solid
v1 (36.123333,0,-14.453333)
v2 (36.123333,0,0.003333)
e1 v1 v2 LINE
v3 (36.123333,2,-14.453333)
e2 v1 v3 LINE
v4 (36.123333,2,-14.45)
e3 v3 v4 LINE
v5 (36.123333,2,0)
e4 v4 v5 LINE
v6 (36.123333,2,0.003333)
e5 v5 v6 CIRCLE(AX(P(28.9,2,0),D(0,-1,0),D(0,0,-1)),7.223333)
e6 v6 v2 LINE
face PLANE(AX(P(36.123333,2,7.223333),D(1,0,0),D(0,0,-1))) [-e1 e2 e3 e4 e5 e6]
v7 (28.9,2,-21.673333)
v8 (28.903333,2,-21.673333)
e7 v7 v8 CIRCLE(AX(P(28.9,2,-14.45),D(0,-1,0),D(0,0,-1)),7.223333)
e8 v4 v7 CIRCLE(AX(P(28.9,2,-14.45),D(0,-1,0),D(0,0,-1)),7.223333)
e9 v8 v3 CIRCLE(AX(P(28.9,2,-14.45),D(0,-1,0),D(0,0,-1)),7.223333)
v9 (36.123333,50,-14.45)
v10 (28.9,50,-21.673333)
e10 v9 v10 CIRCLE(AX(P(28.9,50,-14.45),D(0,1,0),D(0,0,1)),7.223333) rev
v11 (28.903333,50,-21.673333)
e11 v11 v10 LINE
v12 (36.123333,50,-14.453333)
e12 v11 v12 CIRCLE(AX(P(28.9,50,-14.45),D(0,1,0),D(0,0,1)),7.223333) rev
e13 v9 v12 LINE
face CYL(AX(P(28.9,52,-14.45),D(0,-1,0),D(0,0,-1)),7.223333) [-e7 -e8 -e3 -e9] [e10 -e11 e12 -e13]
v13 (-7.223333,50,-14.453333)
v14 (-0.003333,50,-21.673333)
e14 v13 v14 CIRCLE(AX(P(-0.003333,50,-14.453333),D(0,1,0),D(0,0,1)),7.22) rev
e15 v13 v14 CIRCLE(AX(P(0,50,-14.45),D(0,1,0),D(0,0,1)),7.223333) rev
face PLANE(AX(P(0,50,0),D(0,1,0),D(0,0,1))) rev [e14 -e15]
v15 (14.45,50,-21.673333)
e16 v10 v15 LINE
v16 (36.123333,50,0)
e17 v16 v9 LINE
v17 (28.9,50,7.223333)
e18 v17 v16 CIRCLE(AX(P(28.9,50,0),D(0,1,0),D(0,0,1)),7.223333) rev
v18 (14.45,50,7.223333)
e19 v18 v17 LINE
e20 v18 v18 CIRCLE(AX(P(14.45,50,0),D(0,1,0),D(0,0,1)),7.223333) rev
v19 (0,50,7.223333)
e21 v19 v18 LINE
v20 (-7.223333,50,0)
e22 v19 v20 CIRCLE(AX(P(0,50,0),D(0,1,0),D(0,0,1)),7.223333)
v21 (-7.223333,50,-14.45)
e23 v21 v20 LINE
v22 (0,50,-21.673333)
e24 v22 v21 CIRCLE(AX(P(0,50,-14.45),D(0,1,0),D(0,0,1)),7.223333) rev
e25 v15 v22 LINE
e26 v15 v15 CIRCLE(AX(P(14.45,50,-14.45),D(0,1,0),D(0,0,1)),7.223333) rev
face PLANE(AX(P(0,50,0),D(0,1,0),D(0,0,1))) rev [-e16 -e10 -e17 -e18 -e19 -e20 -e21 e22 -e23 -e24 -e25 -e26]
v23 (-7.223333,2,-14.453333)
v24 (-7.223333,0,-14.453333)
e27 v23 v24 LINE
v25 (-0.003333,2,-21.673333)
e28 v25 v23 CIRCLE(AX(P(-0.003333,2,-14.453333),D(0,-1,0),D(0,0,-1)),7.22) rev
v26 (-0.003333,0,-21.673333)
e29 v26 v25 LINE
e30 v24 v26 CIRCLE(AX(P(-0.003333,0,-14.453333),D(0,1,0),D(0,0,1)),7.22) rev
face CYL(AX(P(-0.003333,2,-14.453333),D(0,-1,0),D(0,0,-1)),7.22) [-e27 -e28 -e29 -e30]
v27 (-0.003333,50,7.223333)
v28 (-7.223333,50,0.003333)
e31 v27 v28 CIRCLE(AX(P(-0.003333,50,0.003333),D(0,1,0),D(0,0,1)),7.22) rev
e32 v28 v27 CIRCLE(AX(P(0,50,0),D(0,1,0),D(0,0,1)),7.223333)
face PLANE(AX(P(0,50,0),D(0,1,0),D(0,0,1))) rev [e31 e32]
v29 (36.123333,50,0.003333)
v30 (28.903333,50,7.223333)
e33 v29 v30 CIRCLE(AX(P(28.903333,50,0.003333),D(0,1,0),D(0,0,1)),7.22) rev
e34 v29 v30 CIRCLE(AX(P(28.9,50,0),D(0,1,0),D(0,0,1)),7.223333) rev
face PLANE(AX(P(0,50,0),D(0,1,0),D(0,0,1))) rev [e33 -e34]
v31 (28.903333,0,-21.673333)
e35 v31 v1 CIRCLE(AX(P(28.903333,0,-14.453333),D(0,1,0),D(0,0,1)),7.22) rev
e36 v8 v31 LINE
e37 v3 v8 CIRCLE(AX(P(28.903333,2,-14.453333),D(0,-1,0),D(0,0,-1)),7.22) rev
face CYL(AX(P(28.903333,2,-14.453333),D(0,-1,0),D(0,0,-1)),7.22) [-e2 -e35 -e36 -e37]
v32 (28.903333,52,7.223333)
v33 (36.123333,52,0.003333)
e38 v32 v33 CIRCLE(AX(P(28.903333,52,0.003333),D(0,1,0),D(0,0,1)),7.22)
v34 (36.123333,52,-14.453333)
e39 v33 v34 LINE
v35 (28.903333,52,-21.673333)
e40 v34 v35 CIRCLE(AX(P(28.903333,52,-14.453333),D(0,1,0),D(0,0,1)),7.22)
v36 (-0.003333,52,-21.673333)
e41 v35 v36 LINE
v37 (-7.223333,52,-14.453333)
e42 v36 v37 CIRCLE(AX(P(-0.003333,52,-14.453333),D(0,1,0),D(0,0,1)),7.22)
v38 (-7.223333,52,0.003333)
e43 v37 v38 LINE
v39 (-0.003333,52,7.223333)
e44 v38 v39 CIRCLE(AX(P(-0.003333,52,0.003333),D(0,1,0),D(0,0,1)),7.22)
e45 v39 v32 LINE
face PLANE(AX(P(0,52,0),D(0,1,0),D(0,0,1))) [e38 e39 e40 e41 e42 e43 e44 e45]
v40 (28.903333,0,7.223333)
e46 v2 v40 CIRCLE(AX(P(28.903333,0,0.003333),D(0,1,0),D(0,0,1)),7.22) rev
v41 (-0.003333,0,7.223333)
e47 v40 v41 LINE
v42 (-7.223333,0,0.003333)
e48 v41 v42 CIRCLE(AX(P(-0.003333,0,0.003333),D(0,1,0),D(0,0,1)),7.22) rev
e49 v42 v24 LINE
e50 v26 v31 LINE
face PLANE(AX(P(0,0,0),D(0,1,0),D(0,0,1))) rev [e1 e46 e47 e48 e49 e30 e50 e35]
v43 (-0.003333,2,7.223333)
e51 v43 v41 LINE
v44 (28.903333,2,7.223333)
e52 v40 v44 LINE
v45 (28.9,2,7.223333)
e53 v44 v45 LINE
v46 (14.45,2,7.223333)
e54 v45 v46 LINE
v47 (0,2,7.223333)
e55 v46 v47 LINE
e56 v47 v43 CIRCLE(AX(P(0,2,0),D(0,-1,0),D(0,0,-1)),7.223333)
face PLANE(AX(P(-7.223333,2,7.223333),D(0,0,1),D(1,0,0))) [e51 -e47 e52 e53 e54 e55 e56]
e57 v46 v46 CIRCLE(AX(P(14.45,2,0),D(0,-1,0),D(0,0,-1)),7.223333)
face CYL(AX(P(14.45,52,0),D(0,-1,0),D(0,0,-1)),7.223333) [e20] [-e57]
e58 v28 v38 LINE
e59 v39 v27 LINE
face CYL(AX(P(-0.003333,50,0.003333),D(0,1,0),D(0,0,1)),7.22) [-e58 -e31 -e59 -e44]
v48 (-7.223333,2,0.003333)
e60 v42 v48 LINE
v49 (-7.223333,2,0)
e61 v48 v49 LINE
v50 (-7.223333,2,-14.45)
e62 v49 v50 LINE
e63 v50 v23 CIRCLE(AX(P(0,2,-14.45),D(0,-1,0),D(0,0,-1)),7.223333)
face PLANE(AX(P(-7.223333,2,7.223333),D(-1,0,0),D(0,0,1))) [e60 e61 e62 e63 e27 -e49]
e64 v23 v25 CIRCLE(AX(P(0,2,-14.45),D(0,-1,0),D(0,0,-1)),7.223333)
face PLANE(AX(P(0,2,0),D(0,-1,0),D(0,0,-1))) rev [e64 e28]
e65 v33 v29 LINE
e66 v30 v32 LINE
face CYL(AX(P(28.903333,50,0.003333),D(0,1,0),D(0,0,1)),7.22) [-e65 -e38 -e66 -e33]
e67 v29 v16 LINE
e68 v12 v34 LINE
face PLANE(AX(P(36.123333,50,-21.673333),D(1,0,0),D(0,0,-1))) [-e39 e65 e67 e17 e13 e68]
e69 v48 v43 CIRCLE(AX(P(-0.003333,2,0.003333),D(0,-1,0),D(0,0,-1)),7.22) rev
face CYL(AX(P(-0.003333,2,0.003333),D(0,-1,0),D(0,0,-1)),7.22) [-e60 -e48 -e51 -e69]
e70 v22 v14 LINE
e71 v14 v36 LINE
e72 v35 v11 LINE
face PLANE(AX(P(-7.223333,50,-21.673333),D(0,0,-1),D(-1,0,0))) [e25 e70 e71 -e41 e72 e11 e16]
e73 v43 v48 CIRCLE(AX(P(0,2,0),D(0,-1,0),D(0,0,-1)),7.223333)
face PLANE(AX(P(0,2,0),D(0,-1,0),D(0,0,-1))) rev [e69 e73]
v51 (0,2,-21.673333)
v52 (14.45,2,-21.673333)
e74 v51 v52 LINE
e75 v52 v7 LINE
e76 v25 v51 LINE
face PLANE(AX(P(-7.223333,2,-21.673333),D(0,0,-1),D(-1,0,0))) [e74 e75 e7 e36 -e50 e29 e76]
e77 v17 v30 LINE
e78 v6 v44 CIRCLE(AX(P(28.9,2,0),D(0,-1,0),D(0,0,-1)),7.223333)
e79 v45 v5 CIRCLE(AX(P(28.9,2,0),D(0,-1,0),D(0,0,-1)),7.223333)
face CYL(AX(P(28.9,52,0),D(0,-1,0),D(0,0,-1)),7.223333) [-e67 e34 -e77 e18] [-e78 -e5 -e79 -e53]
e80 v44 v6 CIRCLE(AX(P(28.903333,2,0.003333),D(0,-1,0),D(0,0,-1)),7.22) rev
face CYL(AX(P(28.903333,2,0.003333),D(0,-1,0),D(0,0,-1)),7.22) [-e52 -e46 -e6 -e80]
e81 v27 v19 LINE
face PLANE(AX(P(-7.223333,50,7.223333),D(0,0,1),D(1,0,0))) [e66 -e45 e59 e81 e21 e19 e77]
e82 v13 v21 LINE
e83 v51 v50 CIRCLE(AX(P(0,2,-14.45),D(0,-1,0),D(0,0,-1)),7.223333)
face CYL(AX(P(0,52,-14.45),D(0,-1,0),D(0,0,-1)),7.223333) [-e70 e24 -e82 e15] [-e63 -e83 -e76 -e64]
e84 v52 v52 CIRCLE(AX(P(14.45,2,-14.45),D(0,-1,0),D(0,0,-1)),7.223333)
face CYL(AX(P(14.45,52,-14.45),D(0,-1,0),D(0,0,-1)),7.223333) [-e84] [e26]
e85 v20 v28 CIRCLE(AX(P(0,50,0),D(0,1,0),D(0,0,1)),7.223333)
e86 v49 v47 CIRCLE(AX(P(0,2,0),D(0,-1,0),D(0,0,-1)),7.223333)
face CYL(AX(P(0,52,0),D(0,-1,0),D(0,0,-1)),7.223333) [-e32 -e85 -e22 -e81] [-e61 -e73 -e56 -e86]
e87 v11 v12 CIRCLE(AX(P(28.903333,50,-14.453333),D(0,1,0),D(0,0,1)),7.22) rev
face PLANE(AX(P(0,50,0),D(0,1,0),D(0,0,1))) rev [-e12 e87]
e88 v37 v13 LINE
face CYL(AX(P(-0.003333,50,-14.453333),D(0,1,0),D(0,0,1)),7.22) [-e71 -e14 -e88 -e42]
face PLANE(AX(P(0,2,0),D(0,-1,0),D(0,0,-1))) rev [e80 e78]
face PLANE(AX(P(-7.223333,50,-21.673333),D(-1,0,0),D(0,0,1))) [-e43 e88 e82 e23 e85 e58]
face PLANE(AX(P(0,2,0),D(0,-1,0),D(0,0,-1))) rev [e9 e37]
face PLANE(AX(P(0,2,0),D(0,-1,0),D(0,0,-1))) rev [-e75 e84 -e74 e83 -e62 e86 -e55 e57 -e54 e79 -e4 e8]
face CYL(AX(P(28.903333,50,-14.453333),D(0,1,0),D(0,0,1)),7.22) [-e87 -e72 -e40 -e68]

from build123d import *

# Parameters (mm, degrees)
SKETCH1_R             = 7.223333333
BOSS_EXTRUDE1_DEPTH   = 52
BOSS_EXTRUDE1_2_DEPTH = 52
BOSS_EXTRUDE1_3_DEPTH = 52
BOSS_EXTRUDE1_4_DEPTH = 52
BOSS_EXTRUDE1_5_DEPTH = 52
BOSS_EXTRUDE1_6_DEPTH = 52
SKETCH2_W             = 43.346666666
SKETCH2_H             = 28.896666666
BOSS_EXTRUDE2_DEPTH   = 2
SKETCH3_W             = 43.346666666
SKETCH3_H             = 28.896666666
BOSS_EXTRUDE3_DEPTH   = 2
FILLET1_R             = 7.22


with BuildPart() as part:
    # Sketch1 → Boss-Extrude1 (new body)
    with BuildSketch(Plane(origin=(0, 0, 0), x_dir=(1, 0, 0), z_dir=(0, 1, 0))):
        with Locations(Location((0, 0, 0), (0, 0, 90))):
            Circle(SKETCH1_R)
    extrude(amount=BOSS_EXTRUDE1_DEPTH)



with BuildPart() as body_2:
    # Sketch1 → Boss-Extrude1 2 (new body)
    with BuildSketch(Plane(origin=(0, 0, 0), x_dir=(1, 0, 0), z_dir=(0, 1, 0))):
        with Locations(Location((14.45, 0, 0), (0, 0, 90))):
            Circle(SKETCH1_R)
    extrude(amount=BOSS_EXTRUDE1_2_DEPTH)


with BuildPart() as body_3:
    # Sketch1 → Boss-Extrude1 3 (new body)
    with BuildSketch(Plane(origin=(0, 0, 0), x_dir=(1, 0, 0), z_dir=(0, 1, 0))):
        with Locations(Location((28.9, 0, 0), (0, 0, 90))):
            Circle(SKETCH1_R)
    extrude(amount=BOSS_EXTRUDE1_3_DEPTH)


with BuildPart() as body_4:
    # Sketch1 → Boss-Extrude1 4 (new body)
    with BuildSketch(Plane(origin=(0, 0, 0), x_dir=(1, 0, 0), z_dir=(0, 1, 0))):
        with Locations(Location((14.45, 14.45, 0), (0, 0, 90))):
            Circle(SKETCH1_R)
    extrude(amount=BOSS_EXTRUDE1_4_DEPTH)


with BuildPart() as body_5:
    # Sketch1 → Boss-Extrude1 5 (new body)
    with BuildSketch(Plane(origin=(0, 0, 0), x_dir=(1, 0, 0), z_dir=(0, 1, 0))):
        with Locations(Location((28.9, 14.45, 0), (0, 0, 90))):
            Circle(SKETCH1_R)
    extrude(amount=BOSS_EXTRUDE1_5_DEPTH)


with BuildPart() as body_6:
    # Sketch1 → Boss-Extrude1 6 (new body)
    with BuildSketch(Plane(origin=(0, 0, 0), x_dir=(1, 0, 0), z_dir=(0, 1, 0))):
        with Locations(Location((0, 14.45, 0), (0, 0, 90))):
            Circle(SKETCH1_R)
    extrude(amount=BOSS_EXTRUDE1_6_DEPTH)


with BuildPart() as part_1:
    add(part.part)

    add(body_2.part)  # Boss-Extrude2 merges body 2

    add(body_3.part)  # Boss-Extrude2 merges body 3

    add(body_4.part)  # Boss-Extrude2 merges body 4

    add(body_5.part)  # Boss-Extrude2 merges body 5

    add(body_6.part)  # Boss-Extrude2 merges body 6
    # Sketch2 → Boss-Extrude2 (add)
    with BuildSketch(Plane(origin=(0, 52, 0), x_dir=(1, 0, 0), z_dir=(0, 1, 0))):
        with Locations((14.45, 7.225)):
            Rectangle(SKETCH2_W, SKETCH2_H)
    extrude(amount=-BOSS_EXTRUDE2_DEPTH)

    # Sketch3 → Boss-Extrude3 (add)
    with BuildSketch(Plane.XZ):
        with Locations((14.45, -7.225)):
            Rectangle(SKETCH3_W, SKETCH3_H)
    extrude(amount=-BOSS_EXTRUDE3_DEPTH)

    # Fillet1
    fillet1_edges = [part_1.edges().sort_by_distance(p)[0] for p in [
        (36.123333333, 51, 7.223333333),
        (36.123333333, 1, 7.223333333),
        (-7.223333333, 51, 7.223333333),
        (-7.223333333, 1, 7.223333333),
        (-7.223333333, 51, -21.673333333),
        (36.123333333, 51, -21.673333333),
        (36.123333333, 1, -21.673333333),
        (-7.223333333, 1, -21.673333333),
    ]]
    fillet(fillet1_edges, radius=FILLET1_R)


solid = part_1.part
